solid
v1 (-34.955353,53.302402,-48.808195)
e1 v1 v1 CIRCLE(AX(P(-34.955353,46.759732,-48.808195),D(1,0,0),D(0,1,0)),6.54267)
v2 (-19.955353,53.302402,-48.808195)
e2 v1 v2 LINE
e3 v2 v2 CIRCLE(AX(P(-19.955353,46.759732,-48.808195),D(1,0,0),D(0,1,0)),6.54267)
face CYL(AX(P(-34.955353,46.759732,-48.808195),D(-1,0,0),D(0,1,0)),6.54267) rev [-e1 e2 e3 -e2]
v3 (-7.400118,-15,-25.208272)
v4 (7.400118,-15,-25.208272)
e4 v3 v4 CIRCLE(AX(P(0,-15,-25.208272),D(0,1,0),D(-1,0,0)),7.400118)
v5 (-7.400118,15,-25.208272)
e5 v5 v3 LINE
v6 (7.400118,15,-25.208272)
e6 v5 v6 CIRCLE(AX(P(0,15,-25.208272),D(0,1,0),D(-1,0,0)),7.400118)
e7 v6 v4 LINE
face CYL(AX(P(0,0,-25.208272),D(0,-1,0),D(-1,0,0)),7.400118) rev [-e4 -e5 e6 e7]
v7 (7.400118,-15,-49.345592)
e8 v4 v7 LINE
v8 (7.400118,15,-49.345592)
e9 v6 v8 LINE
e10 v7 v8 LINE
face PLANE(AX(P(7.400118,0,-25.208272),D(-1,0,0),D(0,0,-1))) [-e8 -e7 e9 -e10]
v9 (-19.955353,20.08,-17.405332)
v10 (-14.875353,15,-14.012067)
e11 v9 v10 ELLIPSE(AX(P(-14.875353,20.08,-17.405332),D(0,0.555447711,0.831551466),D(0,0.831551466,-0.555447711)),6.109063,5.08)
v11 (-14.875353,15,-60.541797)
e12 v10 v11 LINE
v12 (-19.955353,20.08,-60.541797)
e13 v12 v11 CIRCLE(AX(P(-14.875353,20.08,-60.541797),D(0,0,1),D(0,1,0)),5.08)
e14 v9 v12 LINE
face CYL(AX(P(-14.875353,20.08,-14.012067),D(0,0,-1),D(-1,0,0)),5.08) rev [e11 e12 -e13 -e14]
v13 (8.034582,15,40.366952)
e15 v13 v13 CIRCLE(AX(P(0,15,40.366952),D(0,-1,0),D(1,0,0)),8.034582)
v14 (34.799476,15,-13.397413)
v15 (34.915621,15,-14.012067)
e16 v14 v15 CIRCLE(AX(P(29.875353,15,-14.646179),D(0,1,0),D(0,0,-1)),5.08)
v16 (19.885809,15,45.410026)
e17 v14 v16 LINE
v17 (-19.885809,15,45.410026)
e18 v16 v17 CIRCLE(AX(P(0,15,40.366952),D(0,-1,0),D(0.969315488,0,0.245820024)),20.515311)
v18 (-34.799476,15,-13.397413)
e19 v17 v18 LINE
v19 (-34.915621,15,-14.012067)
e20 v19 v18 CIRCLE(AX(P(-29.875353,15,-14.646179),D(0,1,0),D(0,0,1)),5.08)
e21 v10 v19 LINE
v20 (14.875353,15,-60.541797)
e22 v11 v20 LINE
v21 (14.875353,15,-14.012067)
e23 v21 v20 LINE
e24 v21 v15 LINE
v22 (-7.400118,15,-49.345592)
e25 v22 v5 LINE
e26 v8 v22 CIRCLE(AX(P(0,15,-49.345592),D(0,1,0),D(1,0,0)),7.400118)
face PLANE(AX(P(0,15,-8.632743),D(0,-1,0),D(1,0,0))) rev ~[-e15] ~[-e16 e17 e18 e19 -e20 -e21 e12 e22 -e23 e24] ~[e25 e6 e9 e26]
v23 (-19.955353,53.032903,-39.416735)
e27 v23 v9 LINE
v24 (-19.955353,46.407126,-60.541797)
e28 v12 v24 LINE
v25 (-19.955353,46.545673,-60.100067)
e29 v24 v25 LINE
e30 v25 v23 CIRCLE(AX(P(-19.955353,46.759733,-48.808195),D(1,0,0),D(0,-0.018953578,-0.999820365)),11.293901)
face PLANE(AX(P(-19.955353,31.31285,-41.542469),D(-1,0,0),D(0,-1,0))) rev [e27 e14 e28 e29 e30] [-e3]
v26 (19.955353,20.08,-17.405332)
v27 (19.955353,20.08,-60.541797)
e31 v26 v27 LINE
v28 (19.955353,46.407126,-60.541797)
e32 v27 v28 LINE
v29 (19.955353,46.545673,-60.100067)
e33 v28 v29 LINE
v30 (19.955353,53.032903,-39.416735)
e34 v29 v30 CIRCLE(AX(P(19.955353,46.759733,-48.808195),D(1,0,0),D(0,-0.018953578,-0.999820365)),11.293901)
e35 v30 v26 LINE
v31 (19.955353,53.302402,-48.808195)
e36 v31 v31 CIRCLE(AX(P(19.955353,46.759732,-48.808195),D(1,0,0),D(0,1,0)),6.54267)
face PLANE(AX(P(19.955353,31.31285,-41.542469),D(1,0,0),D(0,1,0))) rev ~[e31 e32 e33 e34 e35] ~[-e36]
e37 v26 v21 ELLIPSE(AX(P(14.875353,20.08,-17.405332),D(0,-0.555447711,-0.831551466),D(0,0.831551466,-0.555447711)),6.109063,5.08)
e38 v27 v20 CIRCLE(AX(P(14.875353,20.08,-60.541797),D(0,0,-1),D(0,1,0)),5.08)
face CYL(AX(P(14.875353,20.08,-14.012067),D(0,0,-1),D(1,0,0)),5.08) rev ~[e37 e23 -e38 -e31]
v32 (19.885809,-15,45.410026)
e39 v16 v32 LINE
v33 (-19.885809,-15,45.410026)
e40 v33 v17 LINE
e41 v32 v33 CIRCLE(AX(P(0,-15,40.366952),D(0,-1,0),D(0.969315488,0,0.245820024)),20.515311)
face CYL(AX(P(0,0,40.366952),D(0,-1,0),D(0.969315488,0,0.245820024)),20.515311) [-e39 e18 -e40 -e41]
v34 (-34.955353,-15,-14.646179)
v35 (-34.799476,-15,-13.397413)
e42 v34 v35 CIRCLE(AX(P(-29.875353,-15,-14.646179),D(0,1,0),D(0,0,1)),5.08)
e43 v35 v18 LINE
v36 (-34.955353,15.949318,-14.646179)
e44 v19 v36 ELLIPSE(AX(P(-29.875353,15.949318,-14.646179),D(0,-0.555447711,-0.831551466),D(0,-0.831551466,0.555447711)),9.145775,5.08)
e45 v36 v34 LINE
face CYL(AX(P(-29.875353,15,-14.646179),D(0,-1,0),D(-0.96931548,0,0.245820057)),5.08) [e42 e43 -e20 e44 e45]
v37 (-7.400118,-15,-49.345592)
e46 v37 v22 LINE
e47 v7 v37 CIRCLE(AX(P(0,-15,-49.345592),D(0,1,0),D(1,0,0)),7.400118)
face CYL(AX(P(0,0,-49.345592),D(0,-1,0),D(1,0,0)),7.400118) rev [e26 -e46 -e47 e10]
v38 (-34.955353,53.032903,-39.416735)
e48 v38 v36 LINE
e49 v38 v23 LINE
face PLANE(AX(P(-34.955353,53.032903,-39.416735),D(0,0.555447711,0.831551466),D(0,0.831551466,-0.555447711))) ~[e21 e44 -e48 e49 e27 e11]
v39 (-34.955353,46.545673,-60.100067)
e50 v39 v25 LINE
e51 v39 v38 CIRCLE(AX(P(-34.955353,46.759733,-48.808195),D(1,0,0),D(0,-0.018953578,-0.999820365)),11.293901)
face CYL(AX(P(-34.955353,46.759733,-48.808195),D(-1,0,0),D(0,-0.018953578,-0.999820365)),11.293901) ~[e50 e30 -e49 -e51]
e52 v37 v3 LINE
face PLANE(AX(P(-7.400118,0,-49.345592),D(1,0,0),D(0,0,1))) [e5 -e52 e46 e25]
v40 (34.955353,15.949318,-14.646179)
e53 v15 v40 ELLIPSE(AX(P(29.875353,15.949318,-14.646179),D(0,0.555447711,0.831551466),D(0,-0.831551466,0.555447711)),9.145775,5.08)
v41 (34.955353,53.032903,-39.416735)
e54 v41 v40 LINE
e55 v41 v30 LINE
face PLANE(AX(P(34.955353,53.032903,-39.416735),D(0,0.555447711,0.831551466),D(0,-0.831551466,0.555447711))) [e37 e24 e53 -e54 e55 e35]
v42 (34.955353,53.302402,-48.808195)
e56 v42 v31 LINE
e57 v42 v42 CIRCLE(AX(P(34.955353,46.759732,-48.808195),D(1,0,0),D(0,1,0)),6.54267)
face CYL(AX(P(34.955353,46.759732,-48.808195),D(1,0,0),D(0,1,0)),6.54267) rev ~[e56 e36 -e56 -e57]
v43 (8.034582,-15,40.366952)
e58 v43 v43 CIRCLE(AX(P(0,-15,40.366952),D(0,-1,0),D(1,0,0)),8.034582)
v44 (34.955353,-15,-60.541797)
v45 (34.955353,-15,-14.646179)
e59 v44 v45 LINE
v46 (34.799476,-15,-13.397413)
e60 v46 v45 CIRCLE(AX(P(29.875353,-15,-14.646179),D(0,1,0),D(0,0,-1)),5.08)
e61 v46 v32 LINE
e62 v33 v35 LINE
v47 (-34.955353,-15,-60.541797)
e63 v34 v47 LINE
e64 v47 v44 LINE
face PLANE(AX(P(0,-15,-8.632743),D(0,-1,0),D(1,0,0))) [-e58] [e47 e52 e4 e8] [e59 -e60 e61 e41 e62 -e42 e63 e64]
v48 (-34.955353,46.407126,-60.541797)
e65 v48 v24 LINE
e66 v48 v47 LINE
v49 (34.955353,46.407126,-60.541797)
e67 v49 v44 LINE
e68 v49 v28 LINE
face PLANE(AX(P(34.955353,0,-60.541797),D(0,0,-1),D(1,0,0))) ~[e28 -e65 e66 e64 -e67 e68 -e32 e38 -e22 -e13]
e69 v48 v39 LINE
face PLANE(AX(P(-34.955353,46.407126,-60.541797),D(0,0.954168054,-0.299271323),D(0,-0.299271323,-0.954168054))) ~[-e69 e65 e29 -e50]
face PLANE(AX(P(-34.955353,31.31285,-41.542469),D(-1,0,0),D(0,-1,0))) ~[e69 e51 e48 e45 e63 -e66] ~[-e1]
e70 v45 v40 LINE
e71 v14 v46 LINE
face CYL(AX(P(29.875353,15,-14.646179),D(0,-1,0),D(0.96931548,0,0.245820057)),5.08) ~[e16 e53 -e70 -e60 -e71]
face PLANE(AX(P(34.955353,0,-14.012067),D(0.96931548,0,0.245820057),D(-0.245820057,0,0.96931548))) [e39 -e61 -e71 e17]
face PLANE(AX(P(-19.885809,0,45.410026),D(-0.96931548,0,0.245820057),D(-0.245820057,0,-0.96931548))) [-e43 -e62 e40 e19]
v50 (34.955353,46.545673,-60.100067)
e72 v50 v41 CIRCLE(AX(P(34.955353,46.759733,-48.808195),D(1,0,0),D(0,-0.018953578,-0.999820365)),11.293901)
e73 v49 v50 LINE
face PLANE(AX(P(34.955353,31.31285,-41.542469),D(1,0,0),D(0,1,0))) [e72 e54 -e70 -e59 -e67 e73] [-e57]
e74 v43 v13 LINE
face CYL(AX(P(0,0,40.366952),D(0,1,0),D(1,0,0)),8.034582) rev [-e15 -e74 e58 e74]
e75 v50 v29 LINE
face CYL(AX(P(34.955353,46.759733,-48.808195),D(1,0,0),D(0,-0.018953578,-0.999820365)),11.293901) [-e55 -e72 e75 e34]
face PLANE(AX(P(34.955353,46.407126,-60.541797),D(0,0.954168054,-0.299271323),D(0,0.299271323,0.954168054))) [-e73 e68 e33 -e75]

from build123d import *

# Parameters (mm, degrees)
F0_R     = 8.034582
F1_DEPTH = 15
F2_R     = 6.54267
F3_DEPTH = 15
F4_R     = 5.08


with BuildPart() as f1:
    # F0 (on Front) → F1 (new body, symmetric)
    with BuildSketch(Plane.XZ):
        with BuildLine():
            Line((-34.955353, -60.541797), (34.955353, -60.541797))
            Line((34.955353, -60.541797), (34.955353, -14.012067))
            Line((34.955353, -14.012067), (19.885809, 45.410026))
            ThreePointArc((19.885809, 45.410026), (0, 60.882263), (-19.885809, 45.410026))
            Line((-19.885809, 45.410026), (-34.955353, -14.012067))
            Line((-34.955353, -14.012067), (-34.955353, -60.541797))
        make_face()
        with BuildLine():
            ThreePointArc((-7.400118, -25.208272), (0, -17.808154), (7.400118, -25.208272))
            Line((7.400118, -25.208272), (7.400118, -49.345592))
            ThreePointArc((7.400118, -49.345592), (0, -56.74571), (-7.400118, -49.345592))
            Line((-7.400118, -49.345592), (-7.400118, -25.208272))
        make_face(mode=Mode.SUBTRACT)
        with Locations((0, 40.366952)):
            Circle(F0_R, mode=Mode.SUBTRACT)
    extrude(amount=F1_DEPTH, both=True)

    # F2 (on face) → F3 (join)
    with BuildSketch(Plane.YZ.offset(34.955353)):
        with BuildLine():
            Line((53.032903, -39.416735), (15, -14.012067))
            Line((15, -14.012067), (15, -60.541797))
            Line((15, -60.541797), (46.407126, -60.541797))
            Line((46.407126, -60.541797), (46.545673, -60.100067))
            ThreePointArc((46.545673, -60.100067), (57.536015, -52.188126), (53.032903, -39.416735))
        make_face()
        with Locations((46.759732, -48.808195)):
            Circle(F2_R, mode=Mode.SUBTRACT)
    extrude(amount=-F3_DEPTH)

    # F4
    f4_edges = [f1.edges().sort_by_distance(p)[0] for p in [
        (19.955353, 15, -37.276932),
        (-34.955353, 0, -14.012067),
        (34.955353, 0, -14.012067),
    ]]
    fillet(f4_edges, radius=F4_R)

    # F5: F1 across plane


with BuildPart() as f1_1:
    add(f1.part)
    add(f1.part.mirror(Plane.YZ))


solid = f1_1.part
